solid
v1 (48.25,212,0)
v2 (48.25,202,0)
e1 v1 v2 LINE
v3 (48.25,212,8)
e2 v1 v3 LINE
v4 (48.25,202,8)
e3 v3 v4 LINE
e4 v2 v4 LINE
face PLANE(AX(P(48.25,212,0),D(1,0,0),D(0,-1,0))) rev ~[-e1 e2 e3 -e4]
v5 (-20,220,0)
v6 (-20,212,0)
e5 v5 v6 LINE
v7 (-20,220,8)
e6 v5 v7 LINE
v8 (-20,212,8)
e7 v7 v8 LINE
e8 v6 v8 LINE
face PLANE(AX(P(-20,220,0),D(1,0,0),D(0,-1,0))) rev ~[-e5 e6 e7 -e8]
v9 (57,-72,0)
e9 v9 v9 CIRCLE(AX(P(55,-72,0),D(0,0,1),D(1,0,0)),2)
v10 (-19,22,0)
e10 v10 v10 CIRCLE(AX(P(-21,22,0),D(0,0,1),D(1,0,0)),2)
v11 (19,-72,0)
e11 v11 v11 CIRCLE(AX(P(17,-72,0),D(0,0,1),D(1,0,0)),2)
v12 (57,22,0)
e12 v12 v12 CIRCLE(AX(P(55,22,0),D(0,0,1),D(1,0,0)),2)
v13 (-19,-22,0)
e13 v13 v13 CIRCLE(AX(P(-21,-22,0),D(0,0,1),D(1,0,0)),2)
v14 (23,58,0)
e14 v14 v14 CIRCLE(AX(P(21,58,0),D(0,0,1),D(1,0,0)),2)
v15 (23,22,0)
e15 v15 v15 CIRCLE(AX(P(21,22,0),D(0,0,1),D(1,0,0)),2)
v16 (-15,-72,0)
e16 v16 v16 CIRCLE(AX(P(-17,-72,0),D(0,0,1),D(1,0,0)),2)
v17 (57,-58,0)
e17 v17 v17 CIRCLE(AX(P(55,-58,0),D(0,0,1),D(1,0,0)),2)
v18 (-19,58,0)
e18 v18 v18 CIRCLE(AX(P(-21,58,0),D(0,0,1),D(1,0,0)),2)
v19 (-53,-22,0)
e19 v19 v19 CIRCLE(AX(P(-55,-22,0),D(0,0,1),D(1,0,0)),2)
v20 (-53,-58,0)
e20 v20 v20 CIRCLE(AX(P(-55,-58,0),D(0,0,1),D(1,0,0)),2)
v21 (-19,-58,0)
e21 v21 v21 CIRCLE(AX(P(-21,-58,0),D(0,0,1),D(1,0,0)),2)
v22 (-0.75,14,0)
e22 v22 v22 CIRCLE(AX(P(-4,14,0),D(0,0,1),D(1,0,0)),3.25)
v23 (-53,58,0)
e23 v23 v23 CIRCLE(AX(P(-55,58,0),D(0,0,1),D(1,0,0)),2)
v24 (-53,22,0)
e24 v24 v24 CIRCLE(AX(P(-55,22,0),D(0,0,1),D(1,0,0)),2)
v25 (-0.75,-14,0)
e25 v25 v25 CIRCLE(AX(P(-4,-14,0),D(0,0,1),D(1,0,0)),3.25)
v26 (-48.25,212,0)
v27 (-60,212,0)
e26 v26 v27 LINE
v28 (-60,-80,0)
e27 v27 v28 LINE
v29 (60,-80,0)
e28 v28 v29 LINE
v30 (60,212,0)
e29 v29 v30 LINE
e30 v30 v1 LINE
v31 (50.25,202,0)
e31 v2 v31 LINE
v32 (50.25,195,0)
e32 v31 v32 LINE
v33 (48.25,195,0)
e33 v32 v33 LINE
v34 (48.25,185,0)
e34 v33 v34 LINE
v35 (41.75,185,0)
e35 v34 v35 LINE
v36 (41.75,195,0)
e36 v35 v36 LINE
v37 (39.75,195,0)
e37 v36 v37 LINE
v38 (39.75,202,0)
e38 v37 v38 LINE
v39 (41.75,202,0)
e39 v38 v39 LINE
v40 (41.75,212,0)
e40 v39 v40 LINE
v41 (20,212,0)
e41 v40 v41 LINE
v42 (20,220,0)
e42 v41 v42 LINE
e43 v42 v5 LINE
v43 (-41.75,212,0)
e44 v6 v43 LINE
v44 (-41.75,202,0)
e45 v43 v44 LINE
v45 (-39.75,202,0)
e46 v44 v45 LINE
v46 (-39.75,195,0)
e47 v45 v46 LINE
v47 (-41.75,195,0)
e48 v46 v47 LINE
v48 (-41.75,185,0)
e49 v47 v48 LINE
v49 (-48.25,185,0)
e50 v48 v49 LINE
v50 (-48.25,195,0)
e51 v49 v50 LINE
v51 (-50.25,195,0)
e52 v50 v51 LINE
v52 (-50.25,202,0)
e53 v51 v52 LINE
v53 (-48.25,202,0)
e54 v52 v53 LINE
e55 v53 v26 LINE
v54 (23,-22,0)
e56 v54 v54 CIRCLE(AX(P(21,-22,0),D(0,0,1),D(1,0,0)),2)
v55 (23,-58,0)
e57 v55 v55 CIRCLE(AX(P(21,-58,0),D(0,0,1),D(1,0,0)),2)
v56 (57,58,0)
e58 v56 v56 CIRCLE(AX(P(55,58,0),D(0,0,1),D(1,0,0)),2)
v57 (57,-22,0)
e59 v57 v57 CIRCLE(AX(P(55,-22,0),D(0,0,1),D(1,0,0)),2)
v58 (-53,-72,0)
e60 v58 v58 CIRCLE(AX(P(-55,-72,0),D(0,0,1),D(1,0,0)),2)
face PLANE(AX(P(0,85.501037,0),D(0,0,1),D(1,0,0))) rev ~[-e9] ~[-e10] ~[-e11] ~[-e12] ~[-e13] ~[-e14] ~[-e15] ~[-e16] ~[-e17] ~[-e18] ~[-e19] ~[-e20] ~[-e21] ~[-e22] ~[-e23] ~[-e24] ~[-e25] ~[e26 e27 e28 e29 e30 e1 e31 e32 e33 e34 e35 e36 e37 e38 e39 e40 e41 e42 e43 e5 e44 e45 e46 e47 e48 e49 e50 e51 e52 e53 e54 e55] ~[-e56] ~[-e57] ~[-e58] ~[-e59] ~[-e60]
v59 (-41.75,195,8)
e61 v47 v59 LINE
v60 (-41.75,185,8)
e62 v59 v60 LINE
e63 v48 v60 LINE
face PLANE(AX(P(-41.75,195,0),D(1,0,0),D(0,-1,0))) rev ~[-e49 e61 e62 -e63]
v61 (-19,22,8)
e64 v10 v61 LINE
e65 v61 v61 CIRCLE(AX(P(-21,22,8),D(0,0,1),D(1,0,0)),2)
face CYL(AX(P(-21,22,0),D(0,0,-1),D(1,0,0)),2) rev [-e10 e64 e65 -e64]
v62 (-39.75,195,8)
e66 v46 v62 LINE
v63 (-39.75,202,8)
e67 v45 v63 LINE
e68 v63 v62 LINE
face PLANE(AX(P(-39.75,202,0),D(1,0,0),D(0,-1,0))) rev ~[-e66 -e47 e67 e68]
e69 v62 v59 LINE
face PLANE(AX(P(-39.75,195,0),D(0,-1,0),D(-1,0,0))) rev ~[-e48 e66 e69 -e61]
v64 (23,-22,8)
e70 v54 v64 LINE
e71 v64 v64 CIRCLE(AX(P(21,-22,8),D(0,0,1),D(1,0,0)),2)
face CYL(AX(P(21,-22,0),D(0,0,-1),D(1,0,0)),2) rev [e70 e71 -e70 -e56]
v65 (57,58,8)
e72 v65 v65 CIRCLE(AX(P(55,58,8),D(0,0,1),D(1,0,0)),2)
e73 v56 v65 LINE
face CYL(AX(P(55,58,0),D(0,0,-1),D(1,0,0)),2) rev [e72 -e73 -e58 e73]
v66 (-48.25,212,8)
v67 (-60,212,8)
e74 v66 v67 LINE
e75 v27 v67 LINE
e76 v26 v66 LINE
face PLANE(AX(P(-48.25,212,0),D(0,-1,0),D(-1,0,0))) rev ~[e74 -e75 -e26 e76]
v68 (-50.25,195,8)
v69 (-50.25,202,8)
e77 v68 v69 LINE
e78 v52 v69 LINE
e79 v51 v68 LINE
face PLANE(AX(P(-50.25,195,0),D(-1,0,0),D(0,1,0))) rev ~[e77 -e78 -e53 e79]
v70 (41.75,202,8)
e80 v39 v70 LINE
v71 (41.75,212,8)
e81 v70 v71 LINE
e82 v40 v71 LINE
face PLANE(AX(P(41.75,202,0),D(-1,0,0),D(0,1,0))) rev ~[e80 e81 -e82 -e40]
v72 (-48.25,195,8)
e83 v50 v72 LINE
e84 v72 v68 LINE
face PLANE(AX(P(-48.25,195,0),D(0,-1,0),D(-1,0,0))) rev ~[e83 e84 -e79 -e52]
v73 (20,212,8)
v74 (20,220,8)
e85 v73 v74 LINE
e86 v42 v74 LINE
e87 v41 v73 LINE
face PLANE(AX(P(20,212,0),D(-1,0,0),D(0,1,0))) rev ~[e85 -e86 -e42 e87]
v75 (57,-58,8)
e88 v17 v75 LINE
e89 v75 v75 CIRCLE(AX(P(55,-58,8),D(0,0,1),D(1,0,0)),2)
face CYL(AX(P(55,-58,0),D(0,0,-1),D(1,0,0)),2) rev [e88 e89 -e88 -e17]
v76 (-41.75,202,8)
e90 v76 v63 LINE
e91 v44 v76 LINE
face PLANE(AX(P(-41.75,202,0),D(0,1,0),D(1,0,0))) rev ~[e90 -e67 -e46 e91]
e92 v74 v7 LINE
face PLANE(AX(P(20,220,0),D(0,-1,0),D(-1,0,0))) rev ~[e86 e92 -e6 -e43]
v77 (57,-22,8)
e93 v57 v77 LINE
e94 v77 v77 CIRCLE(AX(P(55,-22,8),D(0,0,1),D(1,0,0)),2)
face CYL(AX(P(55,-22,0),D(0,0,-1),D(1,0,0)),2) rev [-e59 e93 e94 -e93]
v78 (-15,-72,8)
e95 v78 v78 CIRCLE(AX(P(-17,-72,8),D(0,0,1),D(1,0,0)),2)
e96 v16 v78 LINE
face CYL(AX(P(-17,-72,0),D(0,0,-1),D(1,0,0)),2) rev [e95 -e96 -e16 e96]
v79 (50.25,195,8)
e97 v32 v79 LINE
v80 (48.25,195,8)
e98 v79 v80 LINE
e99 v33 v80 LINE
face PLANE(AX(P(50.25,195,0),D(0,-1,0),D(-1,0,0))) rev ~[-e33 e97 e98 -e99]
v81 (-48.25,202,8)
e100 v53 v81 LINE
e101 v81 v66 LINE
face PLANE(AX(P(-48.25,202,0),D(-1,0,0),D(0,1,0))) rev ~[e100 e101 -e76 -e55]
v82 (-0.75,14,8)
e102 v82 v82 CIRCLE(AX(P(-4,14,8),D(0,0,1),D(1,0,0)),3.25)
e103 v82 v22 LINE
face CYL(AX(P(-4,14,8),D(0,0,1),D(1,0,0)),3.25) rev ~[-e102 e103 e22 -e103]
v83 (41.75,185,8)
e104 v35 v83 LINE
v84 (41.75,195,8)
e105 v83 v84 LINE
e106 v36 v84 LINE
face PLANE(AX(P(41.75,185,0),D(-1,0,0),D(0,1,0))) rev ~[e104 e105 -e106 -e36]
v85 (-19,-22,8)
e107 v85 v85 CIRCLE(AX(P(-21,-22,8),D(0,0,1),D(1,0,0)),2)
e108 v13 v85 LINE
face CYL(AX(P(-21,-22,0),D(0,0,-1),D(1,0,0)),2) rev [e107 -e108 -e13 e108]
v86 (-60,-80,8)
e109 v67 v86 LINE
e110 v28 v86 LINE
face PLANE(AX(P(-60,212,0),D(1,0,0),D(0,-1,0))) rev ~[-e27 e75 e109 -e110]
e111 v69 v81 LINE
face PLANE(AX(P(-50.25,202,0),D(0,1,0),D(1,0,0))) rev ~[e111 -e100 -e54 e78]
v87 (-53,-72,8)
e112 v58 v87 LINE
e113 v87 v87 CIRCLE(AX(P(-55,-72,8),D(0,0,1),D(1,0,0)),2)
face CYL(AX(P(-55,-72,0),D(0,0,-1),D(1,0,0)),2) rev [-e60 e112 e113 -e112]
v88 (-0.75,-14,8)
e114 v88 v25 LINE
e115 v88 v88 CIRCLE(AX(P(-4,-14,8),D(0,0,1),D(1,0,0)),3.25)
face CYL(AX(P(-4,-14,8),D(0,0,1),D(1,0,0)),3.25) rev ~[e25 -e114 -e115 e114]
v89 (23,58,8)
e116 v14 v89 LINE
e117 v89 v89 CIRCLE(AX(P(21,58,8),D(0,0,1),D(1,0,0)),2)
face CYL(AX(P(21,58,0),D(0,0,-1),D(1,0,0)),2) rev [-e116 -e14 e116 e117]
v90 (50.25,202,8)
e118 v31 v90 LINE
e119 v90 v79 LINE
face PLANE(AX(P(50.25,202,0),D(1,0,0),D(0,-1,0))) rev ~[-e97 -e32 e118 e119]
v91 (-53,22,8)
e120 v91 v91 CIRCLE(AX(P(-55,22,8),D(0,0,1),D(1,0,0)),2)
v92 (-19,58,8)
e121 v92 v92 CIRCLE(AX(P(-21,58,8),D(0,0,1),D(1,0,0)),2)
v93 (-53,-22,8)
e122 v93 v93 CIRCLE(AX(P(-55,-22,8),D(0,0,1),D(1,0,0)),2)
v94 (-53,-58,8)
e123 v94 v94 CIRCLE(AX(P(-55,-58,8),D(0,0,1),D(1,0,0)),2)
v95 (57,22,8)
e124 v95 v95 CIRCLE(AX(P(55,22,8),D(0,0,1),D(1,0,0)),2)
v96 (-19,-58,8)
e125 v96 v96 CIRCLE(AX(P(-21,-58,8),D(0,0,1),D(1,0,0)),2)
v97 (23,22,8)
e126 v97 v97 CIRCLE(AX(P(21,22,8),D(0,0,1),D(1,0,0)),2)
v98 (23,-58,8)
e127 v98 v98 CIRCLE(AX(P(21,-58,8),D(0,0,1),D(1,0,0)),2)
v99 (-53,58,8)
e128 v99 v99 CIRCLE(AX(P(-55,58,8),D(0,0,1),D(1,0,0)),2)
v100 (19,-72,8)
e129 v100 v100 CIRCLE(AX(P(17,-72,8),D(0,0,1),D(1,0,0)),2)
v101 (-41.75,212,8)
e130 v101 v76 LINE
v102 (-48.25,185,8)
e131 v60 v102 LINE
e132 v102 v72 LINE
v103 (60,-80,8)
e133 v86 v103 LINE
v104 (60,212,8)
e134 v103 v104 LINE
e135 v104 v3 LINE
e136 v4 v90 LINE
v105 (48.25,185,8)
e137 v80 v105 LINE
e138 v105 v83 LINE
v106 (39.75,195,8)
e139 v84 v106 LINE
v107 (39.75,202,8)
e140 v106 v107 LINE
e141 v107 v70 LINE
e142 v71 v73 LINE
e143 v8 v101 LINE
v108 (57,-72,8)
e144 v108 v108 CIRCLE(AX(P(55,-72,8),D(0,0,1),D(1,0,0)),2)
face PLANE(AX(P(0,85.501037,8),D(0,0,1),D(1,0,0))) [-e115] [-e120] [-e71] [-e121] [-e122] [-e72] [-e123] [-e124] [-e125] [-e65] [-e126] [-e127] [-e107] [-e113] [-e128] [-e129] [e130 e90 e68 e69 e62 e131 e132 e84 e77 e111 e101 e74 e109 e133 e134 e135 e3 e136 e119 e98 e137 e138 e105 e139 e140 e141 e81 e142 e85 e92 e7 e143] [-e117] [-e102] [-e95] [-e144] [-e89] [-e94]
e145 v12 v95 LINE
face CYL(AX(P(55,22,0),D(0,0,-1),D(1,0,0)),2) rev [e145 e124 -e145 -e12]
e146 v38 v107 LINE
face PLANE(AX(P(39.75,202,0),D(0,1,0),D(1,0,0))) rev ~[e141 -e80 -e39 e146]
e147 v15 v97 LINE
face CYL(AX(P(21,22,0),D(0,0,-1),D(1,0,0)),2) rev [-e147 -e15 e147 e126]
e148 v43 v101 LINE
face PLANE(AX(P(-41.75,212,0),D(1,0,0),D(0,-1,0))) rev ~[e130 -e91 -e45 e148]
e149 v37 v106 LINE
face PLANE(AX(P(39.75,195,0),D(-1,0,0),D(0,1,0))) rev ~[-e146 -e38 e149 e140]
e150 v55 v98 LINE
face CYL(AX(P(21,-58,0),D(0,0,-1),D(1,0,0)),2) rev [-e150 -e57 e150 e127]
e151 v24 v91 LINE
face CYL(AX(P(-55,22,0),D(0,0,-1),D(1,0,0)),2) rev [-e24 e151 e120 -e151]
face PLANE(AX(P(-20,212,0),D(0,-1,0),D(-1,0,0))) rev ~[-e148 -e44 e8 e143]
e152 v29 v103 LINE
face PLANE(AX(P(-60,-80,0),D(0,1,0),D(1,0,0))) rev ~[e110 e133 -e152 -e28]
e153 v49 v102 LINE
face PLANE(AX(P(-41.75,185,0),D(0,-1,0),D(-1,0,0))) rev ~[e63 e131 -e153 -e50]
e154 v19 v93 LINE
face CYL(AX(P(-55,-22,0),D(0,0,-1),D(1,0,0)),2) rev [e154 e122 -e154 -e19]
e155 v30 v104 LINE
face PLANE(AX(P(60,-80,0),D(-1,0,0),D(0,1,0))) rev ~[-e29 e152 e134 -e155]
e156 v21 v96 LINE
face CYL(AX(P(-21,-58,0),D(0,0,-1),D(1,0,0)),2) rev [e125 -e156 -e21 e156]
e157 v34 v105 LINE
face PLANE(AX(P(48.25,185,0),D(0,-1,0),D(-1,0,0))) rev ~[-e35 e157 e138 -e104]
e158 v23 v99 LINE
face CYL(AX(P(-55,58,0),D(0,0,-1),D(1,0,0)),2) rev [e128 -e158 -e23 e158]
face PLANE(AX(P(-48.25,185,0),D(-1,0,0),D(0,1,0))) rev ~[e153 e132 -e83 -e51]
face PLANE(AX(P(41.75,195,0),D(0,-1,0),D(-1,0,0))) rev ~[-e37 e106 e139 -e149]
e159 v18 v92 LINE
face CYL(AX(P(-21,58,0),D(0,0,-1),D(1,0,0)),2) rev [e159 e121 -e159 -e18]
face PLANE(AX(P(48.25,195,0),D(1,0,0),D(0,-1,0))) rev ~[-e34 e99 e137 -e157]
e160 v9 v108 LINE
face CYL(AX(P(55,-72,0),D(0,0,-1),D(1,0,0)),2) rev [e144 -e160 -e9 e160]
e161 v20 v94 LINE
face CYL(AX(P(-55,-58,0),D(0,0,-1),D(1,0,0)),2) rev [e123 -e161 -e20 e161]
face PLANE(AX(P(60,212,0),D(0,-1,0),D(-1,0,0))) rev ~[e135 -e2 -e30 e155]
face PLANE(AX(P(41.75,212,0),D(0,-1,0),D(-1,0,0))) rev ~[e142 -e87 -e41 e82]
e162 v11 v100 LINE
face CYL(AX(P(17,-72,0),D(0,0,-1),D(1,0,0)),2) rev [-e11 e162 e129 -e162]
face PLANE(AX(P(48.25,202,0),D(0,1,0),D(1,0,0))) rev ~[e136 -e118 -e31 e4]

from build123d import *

# Parameters (mm, degrees)
F0_R     = 2
F1_DEPTH = 8
F2_R     = 3.25
F3_DEPTH = 8.001


with BuildPart() as f1:
    # F0 (on Top) → F1 (new body)
    with BuildSketch(Plane.XY):
        Polygon((60, -80), (60, 212), (48.25, 212), (48.25, 202), (50.25, 202), (50.25, 195), (48.25, 195), (48.25, 185), (41.75, 185), (41.75, 195), (39.75, 195), (39.75, 202), (41.75, 202), (41.75, 212), (20, 212), (20, 220), (-20, 220), (-20, 212), (-41.75, 212), (-41.75, 202), (-39.75, 202), (-39.75, 195), (-41.75, 195), (-41.75, 185), (-48.25, 185), (-48.25, 195), (-50.25, 195), (-50.25, 202), (-48.25, 202), (-48.25, 212), (-60, 212), (-60, -80), align=None)
        with Locations((-55, -72)):
            Circle(F0_R, mode=Mode.SUBTRACT)
        with Locations((-55, -58)):
            Circle(F0_R, mode=Mode.SUBTRACT)
        with Locations((-55, -22)):
            Circle(F0_R, mode=Mode.SUBTRACT)
        with Locations((-17, -72)):
            Circle(F0_R, mode=Mode.SUBTRACT)
        with Locations((-21, -58)):
            Circle(F0_R, mode=Mode.SUBTRACT)
        with Locations((-21, -22)):
            Circle(F0_R, mode=Mode.SUBTRACT)
        with Locations((-55, 22)):
            Circle(F0_R, mode=Mode.SUBTRACT)
        with Locations((-55, 58)):
            Circle(F0_R, mode=Mode.SUBTRACT)
        with Locations((-21, 22)):
            Circle(F0_R, mode=Mode.SUBTRACT)
        with Locations((-21, 58)):
            Circle(F0_R, mode=Mode.SUBTRACT)
        with Locations((17, -72)):
            Circle(F0_R, mode=Mode.SUBTRACT)
        with Locations((21, -58)):
            Circle(F0_R, mode=Mode.SUBTRACT)
        with Locations((21, -22)):
            Circle(F0_R, mode=Mode.SUBTRACT)
        with Locations((55, -72)):
            Circle(F0_R, mode=Mode.SUBTRACT)
        with Locations((55, -58)):
            Circle(F0_R, mode=Mode.SUBTRACT)
        with Locations((55, -22)):
            Circle(F0_R, mode=Mode.SUBTRACT)
        with Locations((21, 22)):
            Circle(F0_R, mode=Mode.SUBTRACT)
        with Locations((21, 58)):
            Circle(F0_R, mode=Mode.SUBTRACT)
        with Locations((55, 22)):
            Circle(F0_R, mode=Mode.SUBTRACT)
        with Locations((55, 58)):
            Circle(F0_R, mode=Mode.SUBTRACT)
    extrude(amount=F1_DEPTH)

    # F2 (on face) → F3 (cut, through all)
    with BuildSketch(Plane.XY.offset(8)):
        with Locations((-4, 14)):
            Circle(F2_R)
        with Locations((-4, -14)):
            Circle(F2_R)
    extrude(amount=-F3_DEPTH, mode=Mode.SUBTRACT)


solid = f1.part
